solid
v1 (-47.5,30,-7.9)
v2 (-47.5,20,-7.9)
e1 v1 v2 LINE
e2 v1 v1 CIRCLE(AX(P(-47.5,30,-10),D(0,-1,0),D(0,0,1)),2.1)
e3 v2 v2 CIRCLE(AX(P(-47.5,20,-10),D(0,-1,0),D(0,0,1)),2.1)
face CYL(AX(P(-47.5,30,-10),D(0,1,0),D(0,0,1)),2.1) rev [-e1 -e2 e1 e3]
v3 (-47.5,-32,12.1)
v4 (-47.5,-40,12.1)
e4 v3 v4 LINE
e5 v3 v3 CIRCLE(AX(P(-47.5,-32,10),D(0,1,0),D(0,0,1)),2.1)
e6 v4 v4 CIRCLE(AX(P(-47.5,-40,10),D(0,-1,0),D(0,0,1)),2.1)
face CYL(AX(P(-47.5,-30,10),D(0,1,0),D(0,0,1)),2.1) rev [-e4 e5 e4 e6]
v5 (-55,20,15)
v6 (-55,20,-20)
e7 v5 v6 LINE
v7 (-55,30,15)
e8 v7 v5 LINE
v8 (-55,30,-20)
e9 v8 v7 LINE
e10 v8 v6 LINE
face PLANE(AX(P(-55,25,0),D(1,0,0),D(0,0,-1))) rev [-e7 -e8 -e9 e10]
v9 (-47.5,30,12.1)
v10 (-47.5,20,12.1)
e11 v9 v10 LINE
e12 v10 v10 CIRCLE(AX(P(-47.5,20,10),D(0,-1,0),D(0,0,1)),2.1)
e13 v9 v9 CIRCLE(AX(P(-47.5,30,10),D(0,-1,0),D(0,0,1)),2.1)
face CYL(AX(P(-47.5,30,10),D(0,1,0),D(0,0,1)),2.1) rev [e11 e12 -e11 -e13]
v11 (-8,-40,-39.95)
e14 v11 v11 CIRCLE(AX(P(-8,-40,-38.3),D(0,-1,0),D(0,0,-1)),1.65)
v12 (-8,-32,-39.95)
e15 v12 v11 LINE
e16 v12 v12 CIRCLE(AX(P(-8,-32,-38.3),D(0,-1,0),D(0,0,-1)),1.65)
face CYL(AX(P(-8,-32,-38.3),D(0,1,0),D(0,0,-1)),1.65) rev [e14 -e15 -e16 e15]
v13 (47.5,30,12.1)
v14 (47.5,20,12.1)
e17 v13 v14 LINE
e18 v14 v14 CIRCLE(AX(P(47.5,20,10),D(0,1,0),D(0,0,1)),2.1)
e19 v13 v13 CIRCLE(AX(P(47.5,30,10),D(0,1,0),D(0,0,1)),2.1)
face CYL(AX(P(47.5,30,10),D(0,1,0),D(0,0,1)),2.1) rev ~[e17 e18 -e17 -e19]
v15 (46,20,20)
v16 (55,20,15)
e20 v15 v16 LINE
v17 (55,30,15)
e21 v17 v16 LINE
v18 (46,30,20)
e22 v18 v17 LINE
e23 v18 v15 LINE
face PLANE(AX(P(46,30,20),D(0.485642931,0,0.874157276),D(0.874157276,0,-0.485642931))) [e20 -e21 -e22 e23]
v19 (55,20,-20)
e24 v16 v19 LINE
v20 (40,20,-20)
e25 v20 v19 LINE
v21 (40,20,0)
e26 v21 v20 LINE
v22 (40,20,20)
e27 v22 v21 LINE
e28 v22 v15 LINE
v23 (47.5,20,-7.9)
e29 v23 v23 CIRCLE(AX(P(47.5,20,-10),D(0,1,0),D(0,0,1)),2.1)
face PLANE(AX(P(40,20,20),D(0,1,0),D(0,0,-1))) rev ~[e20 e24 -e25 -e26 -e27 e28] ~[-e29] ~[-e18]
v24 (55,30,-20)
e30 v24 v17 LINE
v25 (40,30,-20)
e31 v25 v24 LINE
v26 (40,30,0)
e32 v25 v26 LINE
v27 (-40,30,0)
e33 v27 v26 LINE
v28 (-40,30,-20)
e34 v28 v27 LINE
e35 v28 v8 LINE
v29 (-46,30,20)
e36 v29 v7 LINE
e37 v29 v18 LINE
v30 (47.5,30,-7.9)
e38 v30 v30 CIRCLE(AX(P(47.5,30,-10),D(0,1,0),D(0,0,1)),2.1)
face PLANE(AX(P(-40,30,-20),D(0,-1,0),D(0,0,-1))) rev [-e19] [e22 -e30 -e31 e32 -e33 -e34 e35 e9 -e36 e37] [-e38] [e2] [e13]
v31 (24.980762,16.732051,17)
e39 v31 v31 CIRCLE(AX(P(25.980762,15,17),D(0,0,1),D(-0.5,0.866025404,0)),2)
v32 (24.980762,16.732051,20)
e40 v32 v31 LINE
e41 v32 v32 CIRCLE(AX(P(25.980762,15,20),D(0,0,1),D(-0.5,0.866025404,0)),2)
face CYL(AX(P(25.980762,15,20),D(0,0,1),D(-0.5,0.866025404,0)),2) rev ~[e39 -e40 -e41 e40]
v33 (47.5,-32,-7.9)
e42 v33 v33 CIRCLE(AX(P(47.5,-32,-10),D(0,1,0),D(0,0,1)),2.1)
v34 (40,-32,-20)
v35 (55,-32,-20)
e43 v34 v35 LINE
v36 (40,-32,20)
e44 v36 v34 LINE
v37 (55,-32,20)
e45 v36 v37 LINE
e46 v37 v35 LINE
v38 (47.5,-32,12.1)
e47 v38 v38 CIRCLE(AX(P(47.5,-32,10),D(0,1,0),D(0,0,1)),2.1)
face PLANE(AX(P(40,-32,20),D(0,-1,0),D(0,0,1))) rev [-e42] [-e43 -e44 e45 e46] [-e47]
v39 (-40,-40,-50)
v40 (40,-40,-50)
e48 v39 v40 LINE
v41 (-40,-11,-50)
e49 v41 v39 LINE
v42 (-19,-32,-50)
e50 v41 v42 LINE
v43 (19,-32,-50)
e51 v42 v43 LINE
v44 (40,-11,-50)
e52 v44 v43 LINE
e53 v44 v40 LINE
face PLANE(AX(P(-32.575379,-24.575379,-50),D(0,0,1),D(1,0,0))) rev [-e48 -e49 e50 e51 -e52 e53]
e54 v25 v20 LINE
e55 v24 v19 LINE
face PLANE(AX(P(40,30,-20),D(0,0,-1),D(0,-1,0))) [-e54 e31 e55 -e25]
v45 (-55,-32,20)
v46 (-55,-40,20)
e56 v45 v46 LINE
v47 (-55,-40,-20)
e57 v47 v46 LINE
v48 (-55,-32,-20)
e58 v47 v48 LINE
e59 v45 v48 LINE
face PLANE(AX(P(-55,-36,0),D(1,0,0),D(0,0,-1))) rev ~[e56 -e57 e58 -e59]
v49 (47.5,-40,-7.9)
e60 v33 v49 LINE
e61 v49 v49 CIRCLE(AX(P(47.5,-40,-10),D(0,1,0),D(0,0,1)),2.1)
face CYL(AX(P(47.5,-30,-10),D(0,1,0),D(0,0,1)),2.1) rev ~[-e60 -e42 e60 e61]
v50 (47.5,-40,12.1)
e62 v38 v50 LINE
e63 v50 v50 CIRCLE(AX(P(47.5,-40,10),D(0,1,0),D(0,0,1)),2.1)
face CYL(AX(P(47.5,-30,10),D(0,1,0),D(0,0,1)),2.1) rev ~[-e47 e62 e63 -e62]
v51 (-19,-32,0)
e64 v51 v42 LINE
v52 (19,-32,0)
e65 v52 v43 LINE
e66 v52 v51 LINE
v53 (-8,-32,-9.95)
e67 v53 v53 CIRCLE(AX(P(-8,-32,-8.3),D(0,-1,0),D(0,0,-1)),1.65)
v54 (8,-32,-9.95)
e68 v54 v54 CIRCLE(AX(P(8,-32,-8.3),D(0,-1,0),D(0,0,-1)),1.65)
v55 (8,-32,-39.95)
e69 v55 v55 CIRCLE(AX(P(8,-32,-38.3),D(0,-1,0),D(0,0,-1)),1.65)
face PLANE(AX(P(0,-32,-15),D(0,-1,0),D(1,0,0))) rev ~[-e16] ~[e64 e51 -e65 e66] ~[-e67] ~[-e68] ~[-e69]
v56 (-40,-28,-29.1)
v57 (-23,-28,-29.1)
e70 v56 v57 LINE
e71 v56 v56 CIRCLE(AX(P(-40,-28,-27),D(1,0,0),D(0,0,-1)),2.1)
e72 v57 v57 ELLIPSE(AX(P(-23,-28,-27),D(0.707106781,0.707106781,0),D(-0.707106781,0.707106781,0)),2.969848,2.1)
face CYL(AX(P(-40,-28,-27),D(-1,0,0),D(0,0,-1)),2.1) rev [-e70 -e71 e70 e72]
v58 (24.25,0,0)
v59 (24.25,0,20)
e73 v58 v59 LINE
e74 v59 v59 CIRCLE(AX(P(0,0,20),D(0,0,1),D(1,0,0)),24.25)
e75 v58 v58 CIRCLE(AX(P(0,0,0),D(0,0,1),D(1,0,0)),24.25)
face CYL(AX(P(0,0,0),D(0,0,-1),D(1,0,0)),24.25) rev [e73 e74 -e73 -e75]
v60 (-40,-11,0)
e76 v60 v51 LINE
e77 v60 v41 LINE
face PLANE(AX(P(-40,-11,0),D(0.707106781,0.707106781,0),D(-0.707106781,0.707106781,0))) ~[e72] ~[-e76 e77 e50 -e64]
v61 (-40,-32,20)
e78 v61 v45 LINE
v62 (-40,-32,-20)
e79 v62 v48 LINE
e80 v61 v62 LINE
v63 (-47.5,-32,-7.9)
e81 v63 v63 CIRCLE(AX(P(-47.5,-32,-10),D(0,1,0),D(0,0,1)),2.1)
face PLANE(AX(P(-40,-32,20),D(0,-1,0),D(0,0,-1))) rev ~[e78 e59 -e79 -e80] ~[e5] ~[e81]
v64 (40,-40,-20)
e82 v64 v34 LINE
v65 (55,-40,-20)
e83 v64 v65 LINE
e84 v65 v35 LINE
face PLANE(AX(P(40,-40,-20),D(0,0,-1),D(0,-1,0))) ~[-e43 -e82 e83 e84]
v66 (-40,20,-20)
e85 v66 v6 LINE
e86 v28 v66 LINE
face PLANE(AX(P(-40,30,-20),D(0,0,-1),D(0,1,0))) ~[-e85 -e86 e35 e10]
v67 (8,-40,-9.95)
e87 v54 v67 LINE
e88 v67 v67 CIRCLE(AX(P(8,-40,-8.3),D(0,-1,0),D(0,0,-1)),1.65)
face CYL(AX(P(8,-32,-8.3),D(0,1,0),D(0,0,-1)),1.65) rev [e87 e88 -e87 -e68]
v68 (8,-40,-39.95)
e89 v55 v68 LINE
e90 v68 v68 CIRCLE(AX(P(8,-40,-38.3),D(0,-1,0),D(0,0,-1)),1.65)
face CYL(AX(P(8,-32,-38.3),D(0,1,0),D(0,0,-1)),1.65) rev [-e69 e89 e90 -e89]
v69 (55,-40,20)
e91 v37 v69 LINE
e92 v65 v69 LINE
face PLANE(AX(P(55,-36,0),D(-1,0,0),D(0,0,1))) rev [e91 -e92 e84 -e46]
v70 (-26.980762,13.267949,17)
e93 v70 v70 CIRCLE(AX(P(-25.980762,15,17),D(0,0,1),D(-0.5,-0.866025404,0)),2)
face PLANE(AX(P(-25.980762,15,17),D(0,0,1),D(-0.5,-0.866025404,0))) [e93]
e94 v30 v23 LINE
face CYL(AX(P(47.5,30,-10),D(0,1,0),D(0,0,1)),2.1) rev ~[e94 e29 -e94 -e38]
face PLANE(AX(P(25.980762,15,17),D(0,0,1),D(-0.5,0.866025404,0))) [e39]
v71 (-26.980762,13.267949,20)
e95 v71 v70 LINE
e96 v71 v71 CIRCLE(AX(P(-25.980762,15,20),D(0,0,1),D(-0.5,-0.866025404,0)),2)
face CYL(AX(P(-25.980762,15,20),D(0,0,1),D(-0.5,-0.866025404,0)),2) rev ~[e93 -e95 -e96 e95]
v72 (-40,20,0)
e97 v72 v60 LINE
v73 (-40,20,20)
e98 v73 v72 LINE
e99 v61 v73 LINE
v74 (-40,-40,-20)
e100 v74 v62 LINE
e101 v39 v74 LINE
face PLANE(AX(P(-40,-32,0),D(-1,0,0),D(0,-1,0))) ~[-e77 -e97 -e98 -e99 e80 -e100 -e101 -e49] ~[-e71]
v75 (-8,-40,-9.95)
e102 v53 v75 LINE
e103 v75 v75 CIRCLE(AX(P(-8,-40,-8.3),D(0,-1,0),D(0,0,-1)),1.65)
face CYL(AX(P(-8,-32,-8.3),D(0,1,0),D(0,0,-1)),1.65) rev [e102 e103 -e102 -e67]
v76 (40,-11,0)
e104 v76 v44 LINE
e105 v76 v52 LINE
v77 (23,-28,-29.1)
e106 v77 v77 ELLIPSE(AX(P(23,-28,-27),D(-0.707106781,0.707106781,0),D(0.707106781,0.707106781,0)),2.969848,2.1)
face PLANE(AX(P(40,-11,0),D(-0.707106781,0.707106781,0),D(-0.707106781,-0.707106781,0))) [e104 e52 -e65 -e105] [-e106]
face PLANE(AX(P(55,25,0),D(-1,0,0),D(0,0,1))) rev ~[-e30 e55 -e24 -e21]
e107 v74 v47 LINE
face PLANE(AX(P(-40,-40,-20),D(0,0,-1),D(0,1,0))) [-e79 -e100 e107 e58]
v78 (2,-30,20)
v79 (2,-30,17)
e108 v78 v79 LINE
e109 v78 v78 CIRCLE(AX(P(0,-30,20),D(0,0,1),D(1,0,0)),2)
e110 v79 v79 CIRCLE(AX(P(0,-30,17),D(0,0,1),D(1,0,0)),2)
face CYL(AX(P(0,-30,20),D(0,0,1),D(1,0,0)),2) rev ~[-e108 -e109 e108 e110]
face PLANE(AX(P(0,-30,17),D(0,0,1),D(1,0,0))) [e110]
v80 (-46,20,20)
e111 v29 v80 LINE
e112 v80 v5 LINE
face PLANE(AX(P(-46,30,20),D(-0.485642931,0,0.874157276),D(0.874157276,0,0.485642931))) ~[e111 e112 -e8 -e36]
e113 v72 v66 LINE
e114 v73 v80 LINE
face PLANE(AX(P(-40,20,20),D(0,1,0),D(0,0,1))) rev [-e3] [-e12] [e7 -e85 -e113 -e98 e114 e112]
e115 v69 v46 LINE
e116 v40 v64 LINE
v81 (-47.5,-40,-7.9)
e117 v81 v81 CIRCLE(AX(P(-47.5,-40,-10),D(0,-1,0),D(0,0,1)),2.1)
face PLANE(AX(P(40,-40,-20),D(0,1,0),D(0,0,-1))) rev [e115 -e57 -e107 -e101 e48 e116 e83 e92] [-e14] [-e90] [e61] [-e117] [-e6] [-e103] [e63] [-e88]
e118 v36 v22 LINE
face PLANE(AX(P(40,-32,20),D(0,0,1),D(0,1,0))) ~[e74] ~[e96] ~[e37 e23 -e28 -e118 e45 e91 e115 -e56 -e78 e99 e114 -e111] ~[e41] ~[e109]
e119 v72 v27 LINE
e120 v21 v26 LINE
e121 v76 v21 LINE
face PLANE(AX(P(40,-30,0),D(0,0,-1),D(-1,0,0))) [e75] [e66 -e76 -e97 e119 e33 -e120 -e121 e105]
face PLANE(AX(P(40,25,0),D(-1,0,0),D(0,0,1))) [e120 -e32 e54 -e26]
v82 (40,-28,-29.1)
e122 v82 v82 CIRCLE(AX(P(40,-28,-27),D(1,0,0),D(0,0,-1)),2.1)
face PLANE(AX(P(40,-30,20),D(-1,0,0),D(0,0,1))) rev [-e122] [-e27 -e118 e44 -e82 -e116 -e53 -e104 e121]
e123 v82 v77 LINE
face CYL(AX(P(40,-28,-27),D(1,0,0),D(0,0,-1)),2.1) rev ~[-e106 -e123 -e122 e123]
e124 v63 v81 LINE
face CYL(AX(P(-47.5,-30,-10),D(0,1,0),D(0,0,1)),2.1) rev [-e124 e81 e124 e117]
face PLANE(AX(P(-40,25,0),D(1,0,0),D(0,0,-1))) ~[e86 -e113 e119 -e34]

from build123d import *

# Parameters (mm, degrees)
SKETCH1_W           = 80
SKETCH1_H           = 60
SKETCH1_R           = 24.25
BOSS_EXTRUDE1_DEPTH = 20
BOSS_EXTRUDE3_DEPTH = 15
SKETCH5_R           = 2.1
CUT_EXTRUDE2_DEPTH  = 10
SKETCH6_W           = 80
SKETCH6_H           = 20
BOSS_EXTRUDE4_DEPTH = 2
BOSS_EXTRUDE6_DEPTH = 50
SKETCH9_R           = 2.1
CUT_EXTRUDE3_DEPTH  = 100.619275243
SKETCH12_W          = 80
SKETCH12_H          = 70
SKETCH12_R          = 1.65
BOSS_EXTRUDE8_DEPTH = 8
BOSS_EXTRUDE9_DEPTH = 15
CUT_EXTRUDE4_START  = -10
SKETCH14_R          = 2.1
CUT_EXTRUDE4_DEPTH  = 10
SKETCH16_R          = 2
CUT_EXTRUDE5_DEPTH  = 3
CIRPATTERN1_COUNT   = 3


with BuildPart() as part:
    # Sketch1 → Boss-Extrude1 (new body)
    with BuildSketch(Plane.XY):
        Rectangle(SKETCH1_W, SKETCH1_H)
        Circle(SKETCH1_R, mode=Mode.SUBTRACT)
    extrude(amount=BOSS_EXTRUDE1_DEPTH)

    # Sketch4 → Boss-Extrude3 (add)
    with BuildSketch(Plane(origin=(40, 0, 0), x_dir=(0, 0, -1), z_dir=(1, 0, 0))):
        Polygon((-20, 30), (0, 30), (20, 30), (20, 20), (0, 20), (-20, 20), align=None)
    boss_extrude3 = extrude(amount=BOSS_EXTRUDE3_DEPTH)

    # Sketch5 → Cut-Extrude2 (cut)
    with BuildSketch(Plane(origin=(0, 30, 0), x_dir=(1, 0, 0), z_dir=(0, 1, 0))):
        with Locations(Location((47.5, -10, 0), (0, 0, 270))):
            Circle(SKETCH5_R)
        with Locations(Location((47.5, 10, 0), (0, 0, 270))):
            Circle(SKETCH5_R)
        Polygon((46, -20), (55, -15), (55, -20), align=None)
    cut_extrude2 = extrude(amount=-CUT_EXTRUDE2_DEPTH, mode=Mode.SUBTRACT)

    # Sketch6 → Boss-Extrude4 (add)
    with BuildSketch(Plane(origin=(0, -30, 0), x_dir=(-1, 0, 0), z_dir=(0, -1, 0))):
        with Locations((0, -10)):
            Rectangle(SKETCH6_W, SKETCH6_H)
    boss_extrude4 = extrude(amount=BOSS_EXTRUDE4_DEPTH)

    # Sketch8 → Boss-Extrude6 (add)
    with BuildSketch(Plane(origin=(0, 0, 0), x_dir=(-1, 0, 0), z_dir=(0, 0, -1))):
        Polygon((-40, -11), (-19, -32), (-40, -32), align=None)
    boss_extrude6 = extrude(amount=BOSS_EXTRUDE6_DEPTH)

    # Sketch9 → Cut-Extrude3 (cut, through all)
    with BuildSketch(Plane(origin=(40, 0, 0), x_dir=(0, 0, -1), z_dir=(1, 0, 0))):
        with Locations((27, -28)):
            Circle(SKETCH9_R)
    cut_extrude3 = extrude(amount=-CUT_EXTRUDE3_DEPTH, mode=Mode.SUBTRACT)

    # Sketch12 → Boss-Extrude8 (add)
    with BuildSketch(Plane.XZ.offset(32)):
        with Locations((0, -15)):
            Rectangle(SKETCH12_W, SKETCH12_H)
        with Locations(Location((-8, -8.3, 0), (0, 0, 270))):
            Circle(SKETCH12_R, mode=Mode.SUBTRACT)
        with Locations(Location((8, -8.3, 0), (0, 0, 270))):
            Circle(SKETCH12_R, mode=Mode.SUBTRACT)
        with Locations(Location((8, -38.3, 0), (0, 0, 270))):
            Circle(SKETCH12_R, mode=Mode.SUBTRACT)
        with Locations(Location((-8, -38.3, 0), (0, 0, 270))):
            Circle(SKETCH12_R, mode=Mode.SUBTRACT)
    extrude(amount=BOSS_EXTRUDE8_DEPTH)

    # Mirror1: Boss-Extrude3, Cut-Extrude2, Boss-Extrude4, Boss-Extrude6, Cut-Extrude3 across plane
    add(boss_extrude3.mirror(Plane(origin=(0, 0, 0), x_dir=(0, 0, 1), z_dir=(1, 0, 0))))
    add(cut_extrude2.mirror(Plane(origin=(0, 0, 0), x_dir=(0, 0, 1), z_dir=(1, 0, 0))), mode=Mode.SUBTRACT)
    add(boss_extrude4.mirror(Plane(origin=(0, 0, 0), x_dir=(0, 0, 1), z_dir=(1, 0, 0))))
    add(boss_extrude6.mirror(Plane(origin=(0, 0, 0), x_dir=(0, 0, 1), z_dir=(1, 0, 0))))
    add(cut_extrude3.mirror(Plane(origin=(0, 0, 0), x_dir=(0, 0, 1), z_dir=(1, 0, 0))), mode=Mode.SUBTRACT)

    # Sketch13 → Boss-Extrude9 (add)
    with BuildSketch(Plane.ZY.offset(40)):
        Polygon((20, -40), (0, -40), (-20, -40), (-20, -32), (0, -32), (20, -32), align=None)
    boss_extrude9 = extrude(amount=BOSS_EXTRUDE9_DEPTH)

    # Sketch14 → Cut-Extrude4 (cut)
    with BuildSketch(Plane.XZ.offset(40).offset(CUT_EXTRUDE4_START)):
        with Locations(Location((-47.5, 10, 0), (0, 0, 90))):
            Circle(SKETCH14_R)
        with Locations(Location((-47.5, -10, 0), (0, 0, 90))):
            Circle(SKETCH14_R)
    cut_extrude4 = extrude(amount=CUT_EXTRUDE4_DEPTH, mode=Mode.SUBTRACT)

    # Mirror2: Boss-Extrude9, Cut-Extrude4 across plane
    add(boss_extrude9.mirror(Plane(origin=(0, 0, 0), x_dir=(0, 0, 1), z_dir=(1, 0, 0))))
    add(cut_extrude4.mirror(Plane(origin=(0, 0, 0), x_dir=(0, 0, 1), z_dir=(1, 0, 0))), mode=Mode.SUBTRACT)

    # Sketch16 → Cut-Extrude5 (cut)
    with BuildSketch(Plane.XY.offset(20)):
        with Locations((0, -30)):
            Circle(SKETCH16_R)
    cut_extrude5 = extrude(amount=-CUT_EXTRUDE5_DEPTH, mode=Mode.SUBTRACT)

    # CirPattern1: Cut-Extrude5 ×3 about axis
    cirpattern1_axis = Axis((0, 0, 0), (0, 0, 1))
    for i in range(1, CIRPATTERN1_COUNT):
        add(cut_extrude5.rotate(cirpattern1_axis, i * 360 / CIRPATTERN1_COUNT), mode=Mode.SUBTRACT)


solid = part.part
